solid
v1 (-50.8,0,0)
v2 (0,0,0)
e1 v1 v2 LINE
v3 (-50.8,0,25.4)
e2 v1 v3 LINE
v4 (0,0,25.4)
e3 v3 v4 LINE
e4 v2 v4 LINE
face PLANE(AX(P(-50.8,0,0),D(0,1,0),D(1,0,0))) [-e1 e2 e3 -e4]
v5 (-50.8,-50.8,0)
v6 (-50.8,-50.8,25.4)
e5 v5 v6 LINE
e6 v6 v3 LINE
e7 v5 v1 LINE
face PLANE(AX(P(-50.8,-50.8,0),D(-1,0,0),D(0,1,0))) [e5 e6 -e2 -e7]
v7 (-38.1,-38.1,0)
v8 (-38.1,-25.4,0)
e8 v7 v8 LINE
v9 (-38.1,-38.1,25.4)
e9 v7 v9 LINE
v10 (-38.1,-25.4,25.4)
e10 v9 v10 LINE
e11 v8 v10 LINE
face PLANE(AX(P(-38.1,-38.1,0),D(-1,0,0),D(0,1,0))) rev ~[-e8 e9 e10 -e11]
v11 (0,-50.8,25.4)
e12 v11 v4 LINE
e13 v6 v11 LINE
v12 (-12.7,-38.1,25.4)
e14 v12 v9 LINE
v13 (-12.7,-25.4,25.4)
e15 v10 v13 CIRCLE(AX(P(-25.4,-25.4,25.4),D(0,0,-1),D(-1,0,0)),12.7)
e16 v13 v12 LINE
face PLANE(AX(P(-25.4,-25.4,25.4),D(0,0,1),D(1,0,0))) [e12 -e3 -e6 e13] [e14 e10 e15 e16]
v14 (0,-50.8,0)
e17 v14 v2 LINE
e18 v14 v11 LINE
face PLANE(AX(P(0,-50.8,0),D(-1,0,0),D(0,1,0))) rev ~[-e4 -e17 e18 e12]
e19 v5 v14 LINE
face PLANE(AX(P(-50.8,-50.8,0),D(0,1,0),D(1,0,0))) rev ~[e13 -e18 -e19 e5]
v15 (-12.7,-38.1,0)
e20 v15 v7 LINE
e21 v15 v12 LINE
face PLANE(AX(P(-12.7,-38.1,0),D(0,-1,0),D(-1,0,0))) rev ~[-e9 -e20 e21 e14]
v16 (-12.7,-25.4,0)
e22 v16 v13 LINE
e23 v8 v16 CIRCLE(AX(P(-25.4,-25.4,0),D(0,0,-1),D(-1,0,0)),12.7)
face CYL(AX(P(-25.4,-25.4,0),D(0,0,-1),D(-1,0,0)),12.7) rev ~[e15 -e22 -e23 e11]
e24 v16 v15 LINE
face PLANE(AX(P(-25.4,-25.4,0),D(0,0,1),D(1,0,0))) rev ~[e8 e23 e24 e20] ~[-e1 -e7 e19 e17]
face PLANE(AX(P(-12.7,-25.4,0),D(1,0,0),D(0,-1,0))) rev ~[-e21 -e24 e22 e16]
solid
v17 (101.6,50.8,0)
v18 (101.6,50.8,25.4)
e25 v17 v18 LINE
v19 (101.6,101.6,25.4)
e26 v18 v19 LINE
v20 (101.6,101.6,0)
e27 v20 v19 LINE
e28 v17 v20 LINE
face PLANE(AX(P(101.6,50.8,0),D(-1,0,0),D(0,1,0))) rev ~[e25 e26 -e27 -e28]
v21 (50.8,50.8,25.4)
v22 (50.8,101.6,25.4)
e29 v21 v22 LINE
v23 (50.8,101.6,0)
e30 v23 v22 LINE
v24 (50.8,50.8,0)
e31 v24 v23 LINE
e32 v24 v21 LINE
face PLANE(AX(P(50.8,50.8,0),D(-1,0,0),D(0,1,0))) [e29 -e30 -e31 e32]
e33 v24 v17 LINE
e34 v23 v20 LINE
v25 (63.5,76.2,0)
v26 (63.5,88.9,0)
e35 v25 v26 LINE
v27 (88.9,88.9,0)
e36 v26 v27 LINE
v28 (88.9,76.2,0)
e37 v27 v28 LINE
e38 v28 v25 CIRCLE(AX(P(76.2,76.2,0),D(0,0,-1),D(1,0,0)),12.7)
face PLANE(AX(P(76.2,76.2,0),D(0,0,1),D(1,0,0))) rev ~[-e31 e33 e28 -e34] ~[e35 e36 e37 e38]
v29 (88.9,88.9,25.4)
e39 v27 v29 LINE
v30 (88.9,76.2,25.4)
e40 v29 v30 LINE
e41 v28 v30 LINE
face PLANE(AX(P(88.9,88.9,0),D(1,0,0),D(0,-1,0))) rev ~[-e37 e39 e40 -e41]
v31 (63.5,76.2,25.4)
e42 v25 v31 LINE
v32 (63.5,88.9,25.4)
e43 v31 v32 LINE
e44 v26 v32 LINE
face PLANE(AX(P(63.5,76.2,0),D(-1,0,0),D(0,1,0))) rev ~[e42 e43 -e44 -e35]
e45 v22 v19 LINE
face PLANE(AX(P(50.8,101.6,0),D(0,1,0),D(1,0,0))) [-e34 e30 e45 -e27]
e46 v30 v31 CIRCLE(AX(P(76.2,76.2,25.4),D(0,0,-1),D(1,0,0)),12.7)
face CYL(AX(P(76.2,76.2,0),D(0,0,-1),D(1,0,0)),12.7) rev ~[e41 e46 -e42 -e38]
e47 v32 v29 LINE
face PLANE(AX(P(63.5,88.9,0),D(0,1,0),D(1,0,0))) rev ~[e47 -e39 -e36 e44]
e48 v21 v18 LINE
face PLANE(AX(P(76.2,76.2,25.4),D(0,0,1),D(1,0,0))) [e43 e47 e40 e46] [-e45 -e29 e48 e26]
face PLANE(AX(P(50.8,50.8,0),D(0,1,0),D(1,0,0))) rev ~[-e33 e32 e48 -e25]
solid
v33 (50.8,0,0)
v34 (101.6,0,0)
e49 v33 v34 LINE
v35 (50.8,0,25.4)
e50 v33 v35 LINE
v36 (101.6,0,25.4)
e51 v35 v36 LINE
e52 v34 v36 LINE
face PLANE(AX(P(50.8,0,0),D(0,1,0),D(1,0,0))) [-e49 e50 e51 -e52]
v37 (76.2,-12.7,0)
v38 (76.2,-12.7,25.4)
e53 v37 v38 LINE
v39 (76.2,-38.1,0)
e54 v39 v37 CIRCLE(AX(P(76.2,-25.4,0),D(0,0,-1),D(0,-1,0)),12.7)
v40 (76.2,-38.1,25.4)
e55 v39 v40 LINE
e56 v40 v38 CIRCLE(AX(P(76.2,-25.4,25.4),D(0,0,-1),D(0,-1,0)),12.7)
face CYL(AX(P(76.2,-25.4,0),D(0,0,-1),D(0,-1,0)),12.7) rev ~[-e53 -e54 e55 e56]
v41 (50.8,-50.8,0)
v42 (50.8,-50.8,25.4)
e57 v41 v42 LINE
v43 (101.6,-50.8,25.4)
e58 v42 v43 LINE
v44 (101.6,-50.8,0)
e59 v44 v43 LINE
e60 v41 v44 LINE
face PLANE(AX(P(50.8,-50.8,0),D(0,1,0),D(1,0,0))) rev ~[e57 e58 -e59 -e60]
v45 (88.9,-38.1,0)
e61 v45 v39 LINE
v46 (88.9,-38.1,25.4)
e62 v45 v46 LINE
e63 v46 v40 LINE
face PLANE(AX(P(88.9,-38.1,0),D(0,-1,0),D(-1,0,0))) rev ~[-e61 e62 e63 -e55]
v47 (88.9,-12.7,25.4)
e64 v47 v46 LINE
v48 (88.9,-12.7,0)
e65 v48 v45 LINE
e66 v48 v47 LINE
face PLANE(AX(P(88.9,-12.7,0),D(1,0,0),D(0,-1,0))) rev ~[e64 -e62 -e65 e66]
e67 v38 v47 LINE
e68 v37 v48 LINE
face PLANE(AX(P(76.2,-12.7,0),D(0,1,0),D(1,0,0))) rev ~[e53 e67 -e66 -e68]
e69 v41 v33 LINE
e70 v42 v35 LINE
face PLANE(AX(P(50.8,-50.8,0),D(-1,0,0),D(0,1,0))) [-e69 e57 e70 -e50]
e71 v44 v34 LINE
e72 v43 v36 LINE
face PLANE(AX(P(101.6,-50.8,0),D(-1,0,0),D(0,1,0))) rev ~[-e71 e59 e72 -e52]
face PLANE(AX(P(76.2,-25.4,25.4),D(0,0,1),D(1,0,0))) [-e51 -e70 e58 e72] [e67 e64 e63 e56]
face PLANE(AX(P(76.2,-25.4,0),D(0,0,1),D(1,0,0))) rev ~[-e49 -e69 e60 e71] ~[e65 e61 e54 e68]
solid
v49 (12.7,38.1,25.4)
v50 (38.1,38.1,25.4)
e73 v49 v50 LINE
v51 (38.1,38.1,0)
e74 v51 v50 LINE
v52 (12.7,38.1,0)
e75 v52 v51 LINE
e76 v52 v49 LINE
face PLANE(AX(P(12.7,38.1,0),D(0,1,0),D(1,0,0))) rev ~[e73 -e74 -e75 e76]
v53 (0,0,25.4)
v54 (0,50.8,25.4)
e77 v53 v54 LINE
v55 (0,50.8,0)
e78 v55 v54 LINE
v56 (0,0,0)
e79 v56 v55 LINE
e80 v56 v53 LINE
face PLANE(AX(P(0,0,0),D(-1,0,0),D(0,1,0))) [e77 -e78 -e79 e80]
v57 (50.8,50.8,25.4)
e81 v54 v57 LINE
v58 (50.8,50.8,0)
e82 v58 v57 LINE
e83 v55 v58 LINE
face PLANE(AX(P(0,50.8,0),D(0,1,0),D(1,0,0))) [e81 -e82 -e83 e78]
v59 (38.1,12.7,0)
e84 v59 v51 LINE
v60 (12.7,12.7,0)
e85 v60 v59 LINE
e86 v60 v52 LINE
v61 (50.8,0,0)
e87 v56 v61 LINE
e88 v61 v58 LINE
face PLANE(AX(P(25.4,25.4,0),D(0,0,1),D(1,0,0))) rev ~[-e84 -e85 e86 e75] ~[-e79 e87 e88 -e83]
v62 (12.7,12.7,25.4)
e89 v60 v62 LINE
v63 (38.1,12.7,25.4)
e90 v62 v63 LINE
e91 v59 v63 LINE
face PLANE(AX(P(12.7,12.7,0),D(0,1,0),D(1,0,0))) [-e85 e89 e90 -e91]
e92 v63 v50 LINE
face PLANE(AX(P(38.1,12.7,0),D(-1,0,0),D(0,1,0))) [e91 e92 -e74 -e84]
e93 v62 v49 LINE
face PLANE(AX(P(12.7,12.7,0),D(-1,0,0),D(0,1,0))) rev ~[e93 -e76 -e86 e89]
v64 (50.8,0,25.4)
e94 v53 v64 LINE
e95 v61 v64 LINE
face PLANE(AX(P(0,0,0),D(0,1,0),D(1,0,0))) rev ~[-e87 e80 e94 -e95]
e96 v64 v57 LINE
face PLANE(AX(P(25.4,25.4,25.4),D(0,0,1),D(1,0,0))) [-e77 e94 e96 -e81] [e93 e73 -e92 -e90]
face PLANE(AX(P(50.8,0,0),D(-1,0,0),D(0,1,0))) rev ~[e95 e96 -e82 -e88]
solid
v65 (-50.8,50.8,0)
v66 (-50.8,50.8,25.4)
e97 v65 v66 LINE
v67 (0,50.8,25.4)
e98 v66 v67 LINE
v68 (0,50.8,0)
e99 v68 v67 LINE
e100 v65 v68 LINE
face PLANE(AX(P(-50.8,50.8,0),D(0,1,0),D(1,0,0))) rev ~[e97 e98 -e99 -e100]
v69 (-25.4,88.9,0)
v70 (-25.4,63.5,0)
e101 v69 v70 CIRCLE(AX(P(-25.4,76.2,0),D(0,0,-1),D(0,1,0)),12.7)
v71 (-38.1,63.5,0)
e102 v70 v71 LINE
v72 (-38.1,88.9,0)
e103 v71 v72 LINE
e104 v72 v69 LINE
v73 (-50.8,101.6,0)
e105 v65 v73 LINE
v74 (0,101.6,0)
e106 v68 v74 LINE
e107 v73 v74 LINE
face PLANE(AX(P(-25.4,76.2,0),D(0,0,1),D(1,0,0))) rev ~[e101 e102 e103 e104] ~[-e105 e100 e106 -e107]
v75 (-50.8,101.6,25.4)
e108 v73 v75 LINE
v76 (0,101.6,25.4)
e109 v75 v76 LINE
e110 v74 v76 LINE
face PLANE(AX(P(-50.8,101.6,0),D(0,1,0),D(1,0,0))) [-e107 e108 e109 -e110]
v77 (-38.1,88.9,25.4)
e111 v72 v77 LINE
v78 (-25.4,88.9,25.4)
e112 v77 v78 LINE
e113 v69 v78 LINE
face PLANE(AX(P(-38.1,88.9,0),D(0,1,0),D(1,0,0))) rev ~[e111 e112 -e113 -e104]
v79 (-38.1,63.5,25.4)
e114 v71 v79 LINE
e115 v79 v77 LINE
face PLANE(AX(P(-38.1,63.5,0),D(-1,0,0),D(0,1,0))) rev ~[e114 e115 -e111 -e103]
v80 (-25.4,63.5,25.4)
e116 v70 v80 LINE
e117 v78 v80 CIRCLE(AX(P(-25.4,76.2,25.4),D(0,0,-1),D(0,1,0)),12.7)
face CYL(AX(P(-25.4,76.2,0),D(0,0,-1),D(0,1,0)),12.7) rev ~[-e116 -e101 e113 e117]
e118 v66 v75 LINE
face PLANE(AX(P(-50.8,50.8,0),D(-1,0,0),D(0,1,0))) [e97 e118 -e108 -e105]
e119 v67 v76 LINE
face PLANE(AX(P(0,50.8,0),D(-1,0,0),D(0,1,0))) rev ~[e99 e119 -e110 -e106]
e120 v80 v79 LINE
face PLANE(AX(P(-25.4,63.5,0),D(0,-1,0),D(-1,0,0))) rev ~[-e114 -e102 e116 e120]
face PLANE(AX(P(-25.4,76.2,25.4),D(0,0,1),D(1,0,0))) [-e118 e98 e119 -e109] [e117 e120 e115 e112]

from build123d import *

# Parameters (mm, degrees)
F0_W     = 50.8
F0_H     = 50.8
F0_W_2   = 25.4
F0_H_2   = 25.4
F1_DEPTH = 25.4


with BuildPart() as f1:
    # F0 (on Top) → F1 (new body)
    with BuildSketch(Plane.XY):
        with Locations((25.4, 25.4)):
            Rectangle(F0_W, F0_H)
        with Locations((25.4, 25.4)):
            Rectangle(F0_W_2, F0_H_2, mode=Mode.SUBTRACT)
        with Locations((-25.4, 76.2)):
            Rectangle(F0_W, F0_H)
        with BuildLine():
            Line((-38.1, 88.9), (-25.4, 88.9))
            ThreePointArc((-25.4, 88.9), (-12.7, 76.2), (-25.4, 63.5))
            Line((-25.4, 63.5), (-38.1, 63.5))
            Line((-38.1, 63.5), (-38.1, 88.9))
        make_face(mode=Mode.SUBTRACT)
        with Locations((76.2, 76.2)):
            Rectangle(F0_W, F0_H)
        with BuildLine():
            Line((63.5, 88.9), (88.9, 88.9))
            Line((88.9, 88.9), (88.9, 76.2))
            ThreePointArc((88.9, 76.2), (76.2, 63.5), (63.5, 76.2))
            Line((63.5, 76.2), (63.5, 88.9))
        make_face(mode=Mode.SUBTRACT)
        with Locations((76.2, -25.4)):
            Rectangle(F0_W, F0_H)
        with BuildLine():
            Line((76.2, -12.7), (88.9, -12.7))
            Line((88.9, -12.7), (88.9, -38.1))
            Line((88.9, -38.1), (76.2, -38.1))
            ThreePointArc((76.2, -38.1), (63.5, -25.4), (76.2, -12.7))
        make_face(mode=Mode.SUBTRACT)
        with Locations((-25.4, -25.4)):
            Rectangle(F0_W, F0_H)
        with BuildLine():
            Line((-12.7, -25.4), (-12.7, -38.1))
            Line((-12.7, -38.1), (-38.1, -38.1))
            Line((-38.1, -38.1), (-38.1, -25.4))
            ThreePointArc((-38.1, -25.4), (-25.4, -12.7), (-12.7, -25.4))
        make_face(mode=Mode.SUBTRACT)
    extrude(amount=F1_DEPTH)


solid = f1.part
